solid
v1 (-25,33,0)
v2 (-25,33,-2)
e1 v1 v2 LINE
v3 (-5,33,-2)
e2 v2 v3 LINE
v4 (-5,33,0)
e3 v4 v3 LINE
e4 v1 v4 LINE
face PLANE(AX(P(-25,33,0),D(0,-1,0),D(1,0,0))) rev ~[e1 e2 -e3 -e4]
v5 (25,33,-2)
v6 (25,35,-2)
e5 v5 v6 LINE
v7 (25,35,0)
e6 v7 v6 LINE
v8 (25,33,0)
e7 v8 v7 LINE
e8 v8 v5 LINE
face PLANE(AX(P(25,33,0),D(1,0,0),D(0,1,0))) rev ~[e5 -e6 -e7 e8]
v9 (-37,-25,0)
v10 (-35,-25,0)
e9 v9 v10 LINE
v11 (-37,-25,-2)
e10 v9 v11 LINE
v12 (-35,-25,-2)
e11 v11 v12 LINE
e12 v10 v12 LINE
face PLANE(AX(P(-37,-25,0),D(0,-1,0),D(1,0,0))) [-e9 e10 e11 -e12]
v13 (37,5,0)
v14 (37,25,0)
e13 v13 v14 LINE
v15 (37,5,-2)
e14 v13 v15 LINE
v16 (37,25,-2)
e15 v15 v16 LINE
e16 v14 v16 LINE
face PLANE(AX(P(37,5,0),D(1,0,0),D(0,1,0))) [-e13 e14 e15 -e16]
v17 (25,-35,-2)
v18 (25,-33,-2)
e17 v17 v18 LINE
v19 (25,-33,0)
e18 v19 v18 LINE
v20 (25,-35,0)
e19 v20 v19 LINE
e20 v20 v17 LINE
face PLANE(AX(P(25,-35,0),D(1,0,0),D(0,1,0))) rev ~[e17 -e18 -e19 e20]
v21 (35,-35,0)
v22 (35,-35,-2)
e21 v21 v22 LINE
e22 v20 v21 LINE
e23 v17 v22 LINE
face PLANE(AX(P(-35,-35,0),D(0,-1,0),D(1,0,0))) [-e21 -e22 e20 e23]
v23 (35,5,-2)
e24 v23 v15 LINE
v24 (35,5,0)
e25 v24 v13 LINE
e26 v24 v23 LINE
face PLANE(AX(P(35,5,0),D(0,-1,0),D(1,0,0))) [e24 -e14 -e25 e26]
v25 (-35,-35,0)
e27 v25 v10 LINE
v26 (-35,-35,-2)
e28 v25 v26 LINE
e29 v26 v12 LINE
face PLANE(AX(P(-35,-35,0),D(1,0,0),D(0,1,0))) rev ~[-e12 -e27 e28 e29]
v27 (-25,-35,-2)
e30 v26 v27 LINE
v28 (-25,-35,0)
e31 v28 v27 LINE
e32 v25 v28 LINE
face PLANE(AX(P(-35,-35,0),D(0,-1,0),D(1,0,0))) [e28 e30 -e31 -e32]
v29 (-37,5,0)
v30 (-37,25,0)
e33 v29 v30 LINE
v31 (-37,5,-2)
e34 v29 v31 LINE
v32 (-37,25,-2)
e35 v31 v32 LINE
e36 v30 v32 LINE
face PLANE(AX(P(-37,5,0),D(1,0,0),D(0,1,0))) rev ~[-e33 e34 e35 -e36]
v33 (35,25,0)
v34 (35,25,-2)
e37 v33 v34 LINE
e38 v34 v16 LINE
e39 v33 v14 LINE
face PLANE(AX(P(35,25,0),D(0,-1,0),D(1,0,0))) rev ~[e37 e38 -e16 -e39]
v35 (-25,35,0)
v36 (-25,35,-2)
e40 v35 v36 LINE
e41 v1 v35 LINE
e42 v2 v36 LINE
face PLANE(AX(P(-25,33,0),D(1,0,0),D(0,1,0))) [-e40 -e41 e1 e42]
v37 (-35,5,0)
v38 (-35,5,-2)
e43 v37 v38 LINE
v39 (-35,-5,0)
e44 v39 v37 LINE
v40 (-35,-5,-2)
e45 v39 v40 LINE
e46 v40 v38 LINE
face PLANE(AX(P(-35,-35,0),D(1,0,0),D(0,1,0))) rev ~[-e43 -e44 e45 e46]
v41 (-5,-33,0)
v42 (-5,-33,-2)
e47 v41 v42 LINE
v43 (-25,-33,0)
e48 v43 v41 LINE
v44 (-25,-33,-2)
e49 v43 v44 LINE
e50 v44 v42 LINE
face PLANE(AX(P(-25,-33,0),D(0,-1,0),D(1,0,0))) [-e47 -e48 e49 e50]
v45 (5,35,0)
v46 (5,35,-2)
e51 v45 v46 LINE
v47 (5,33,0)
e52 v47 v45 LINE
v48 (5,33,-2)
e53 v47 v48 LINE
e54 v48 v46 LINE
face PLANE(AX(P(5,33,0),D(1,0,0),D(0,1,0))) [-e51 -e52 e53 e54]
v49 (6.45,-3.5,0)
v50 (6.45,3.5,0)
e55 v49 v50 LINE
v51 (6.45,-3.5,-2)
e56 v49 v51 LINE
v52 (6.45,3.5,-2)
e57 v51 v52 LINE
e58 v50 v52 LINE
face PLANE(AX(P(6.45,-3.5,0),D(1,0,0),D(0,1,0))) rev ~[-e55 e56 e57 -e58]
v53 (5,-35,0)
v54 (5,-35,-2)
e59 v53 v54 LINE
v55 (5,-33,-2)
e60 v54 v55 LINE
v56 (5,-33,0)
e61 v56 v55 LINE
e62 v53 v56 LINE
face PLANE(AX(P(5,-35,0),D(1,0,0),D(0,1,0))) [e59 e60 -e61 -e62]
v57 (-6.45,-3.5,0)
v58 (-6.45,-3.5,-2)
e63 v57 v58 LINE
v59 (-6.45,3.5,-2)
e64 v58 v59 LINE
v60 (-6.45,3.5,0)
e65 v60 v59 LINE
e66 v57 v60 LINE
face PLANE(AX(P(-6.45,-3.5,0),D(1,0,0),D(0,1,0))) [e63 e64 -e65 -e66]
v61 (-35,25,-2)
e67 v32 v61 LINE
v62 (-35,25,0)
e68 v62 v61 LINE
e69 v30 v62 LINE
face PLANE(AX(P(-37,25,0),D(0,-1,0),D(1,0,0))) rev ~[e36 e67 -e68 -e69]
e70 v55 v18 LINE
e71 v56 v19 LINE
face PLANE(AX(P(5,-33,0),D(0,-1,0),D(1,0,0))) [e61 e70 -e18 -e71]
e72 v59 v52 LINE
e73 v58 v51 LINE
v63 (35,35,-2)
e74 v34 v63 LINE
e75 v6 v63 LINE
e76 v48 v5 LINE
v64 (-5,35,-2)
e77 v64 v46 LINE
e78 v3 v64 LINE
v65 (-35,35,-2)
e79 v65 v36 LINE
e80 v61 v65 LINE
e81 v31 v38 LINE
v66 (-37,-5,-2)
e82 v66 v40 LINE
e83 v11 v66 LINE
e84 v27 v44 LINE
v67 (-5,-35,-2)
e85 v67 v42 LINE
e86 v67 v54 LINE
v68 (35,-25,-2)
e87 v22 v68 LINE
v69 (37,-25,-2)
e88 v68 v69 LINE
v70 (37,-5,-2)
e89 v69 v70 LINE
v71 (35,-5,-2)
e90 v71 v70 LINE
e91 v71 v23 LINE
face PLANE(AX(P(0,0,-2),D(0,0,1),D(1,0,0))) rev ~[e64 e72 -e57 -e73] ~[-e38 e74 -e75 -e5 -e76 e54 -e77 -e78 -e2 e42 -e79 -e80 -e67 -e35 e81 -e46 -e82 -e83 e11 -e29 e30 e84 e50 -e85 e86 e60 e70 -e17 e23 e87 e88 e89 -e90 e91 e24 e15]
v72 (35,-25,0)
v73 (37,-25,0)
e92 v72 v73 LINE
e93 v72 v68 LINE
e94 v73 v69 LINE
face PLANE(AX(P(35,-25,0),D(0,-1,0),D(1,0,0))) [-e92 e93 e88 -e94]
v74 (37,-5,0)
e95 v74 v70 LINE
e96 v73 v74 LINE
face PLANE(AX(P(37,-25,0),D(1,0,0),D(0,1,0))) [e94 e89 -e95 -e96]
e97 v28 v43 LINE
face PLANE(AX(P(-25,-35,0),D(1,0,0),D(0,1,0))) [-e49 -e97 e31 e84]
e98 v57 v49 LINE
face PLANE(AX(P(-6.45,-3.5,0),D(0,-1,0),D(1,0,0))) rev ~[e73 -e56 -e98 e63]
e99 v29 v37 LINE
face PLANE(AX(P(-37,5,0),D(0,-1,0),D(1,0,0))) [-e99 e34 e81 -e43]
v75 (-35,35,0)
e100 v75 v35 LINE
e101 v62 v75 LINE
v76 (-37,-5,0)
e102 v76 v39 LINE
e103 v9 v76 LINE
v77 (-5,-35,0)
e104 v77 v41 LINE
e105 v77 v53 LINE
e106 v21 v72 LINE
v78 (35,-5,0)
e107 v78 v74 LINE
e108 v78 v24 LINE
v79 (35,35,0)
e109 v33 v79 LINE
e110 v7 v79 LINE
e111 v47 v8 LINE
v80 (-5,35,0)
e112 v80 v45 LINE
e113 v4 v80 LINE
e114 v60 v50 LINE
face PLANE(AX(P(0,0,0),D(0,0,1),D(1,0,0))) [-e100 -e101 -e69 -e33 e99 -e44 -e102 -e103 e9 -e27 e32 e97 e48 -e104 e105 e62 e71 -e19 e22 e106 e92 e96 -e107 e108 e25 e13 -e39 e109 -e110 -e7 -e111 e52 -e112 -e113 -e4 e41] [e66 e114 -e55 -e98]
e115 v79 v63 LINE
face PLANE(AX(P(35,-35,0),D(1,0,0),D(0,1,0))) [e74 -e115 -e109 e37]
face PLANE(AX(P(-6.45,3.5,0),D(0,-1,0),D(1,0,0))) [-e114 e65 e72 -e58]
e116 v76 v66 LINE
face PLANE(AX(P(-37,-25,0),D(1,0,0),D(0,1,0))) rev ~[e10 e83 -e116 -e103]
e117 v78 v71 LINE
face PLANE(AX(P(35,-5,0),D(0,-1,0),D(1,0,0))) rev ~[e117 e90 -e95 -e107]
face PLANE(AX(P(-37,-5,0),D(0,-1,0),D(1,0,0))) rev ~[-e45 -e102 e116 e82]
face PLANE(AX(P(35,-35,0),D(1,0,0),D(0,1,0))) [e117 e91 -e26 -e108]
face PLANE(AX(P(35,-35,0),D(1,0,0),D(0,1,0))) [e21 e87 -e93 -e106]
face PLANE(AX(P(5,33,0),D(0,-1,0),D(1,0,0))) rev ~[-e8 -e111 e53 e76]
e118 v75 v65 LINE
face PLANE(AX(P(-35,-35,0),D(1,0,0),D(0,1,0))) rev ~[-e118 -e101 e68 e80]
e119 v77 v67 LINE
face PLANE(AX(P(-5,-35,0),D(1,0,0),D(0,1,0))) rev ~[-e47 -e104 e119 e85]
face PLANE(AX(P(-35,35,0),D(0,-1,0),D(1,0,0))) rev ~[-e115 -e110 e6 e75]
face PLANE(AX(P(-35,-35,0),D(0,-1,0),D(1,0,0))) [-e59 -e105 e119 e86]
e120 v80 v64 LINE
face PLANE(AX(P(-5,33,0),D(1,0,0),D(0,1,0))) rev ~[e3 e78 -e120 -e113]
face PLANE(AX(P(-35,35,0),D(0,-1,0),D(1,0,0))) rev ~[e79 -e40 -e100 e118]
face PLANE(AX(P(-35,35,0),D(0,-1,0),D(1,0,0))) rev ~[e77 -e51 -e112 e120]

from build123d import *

# Parameters (mm, degrees)
SKETCH1_W           = 70
SKETCH1_H           = 70
BOSS_EXTRUDE1_DEPTH = 2
SKETCH2_W           = 2
SKETCH2_H           = 20
BOSS_EXTRUDE2_DEPTH = 2
SKETCH3_W           = 20
SKETCH3_H           = 2
CUT_EXTRUDE1_DEPTH  = 2
SKETCH4_W           = 12.9
SKETCH4_H           = 7
CUT_EXTRUDE2_DEPTH  = 10


with BuildPart() as part:
    # Sketch1 → Boss-Extrude1 (new body)
    with BuildSketch(Plane.XY):
        Rectangle(SKETCH1_W, SKETCH1_H)
    extrude(amount=-BOSS_EXTRUDE1_DEPTH)

    # Sketch2 → Boss-Extrude2 (add)
    with BuildSketch(Plane.XY):
        with Locations((-36, 15)):
            Rectangle(SKETCH2_W, SKETCH2_H)
        with Locations((-36, -15)):
            Rectangle(SKETCH2_W, SKETCH2_H)
        with Locations((36, -15)):
            Rectangle(SKETCH2_W, SKETCH2_H)
        with Locations((36, 15)):
            Rectangle(SKETCH2_W, SKETCH2_H)
    extrude(amount=-BOSS_EXTRUDE2_DEPTH)

    # Sketch3 → Cut-Extrude1 (cut)
    with BuildSketch(Plane.XY):
        with Locations((-15, 34)):
            Rectangle(SKETCH3_W, SKETCH3_H)
        with Locations((15, 34)):
            Rectangle(SKETCH3_W, SKETCH3_H)
        with Locations((-15, -34)):
            Rectangle(SKETCH3_W, SKETCH3_H)
        with Locations((15, -34)):
            Rectangle(SKETCH3_W, SKETCH3_H)
    extrude(amount=-CUT_EXTRUDE1_DEPTH, mode=Mode.SUBTRACT)

    # Sketch4 → Cut-Extrude2 (cut)
    with BuildSketch(Plane.XY):
        Rectangle(SKETCH4_W, SKETCH4_H)
    extrude(amount=-CUT_EXTRUDE2_DEPTH, mode=Mode.SUBTRACT)


solid = part.part
